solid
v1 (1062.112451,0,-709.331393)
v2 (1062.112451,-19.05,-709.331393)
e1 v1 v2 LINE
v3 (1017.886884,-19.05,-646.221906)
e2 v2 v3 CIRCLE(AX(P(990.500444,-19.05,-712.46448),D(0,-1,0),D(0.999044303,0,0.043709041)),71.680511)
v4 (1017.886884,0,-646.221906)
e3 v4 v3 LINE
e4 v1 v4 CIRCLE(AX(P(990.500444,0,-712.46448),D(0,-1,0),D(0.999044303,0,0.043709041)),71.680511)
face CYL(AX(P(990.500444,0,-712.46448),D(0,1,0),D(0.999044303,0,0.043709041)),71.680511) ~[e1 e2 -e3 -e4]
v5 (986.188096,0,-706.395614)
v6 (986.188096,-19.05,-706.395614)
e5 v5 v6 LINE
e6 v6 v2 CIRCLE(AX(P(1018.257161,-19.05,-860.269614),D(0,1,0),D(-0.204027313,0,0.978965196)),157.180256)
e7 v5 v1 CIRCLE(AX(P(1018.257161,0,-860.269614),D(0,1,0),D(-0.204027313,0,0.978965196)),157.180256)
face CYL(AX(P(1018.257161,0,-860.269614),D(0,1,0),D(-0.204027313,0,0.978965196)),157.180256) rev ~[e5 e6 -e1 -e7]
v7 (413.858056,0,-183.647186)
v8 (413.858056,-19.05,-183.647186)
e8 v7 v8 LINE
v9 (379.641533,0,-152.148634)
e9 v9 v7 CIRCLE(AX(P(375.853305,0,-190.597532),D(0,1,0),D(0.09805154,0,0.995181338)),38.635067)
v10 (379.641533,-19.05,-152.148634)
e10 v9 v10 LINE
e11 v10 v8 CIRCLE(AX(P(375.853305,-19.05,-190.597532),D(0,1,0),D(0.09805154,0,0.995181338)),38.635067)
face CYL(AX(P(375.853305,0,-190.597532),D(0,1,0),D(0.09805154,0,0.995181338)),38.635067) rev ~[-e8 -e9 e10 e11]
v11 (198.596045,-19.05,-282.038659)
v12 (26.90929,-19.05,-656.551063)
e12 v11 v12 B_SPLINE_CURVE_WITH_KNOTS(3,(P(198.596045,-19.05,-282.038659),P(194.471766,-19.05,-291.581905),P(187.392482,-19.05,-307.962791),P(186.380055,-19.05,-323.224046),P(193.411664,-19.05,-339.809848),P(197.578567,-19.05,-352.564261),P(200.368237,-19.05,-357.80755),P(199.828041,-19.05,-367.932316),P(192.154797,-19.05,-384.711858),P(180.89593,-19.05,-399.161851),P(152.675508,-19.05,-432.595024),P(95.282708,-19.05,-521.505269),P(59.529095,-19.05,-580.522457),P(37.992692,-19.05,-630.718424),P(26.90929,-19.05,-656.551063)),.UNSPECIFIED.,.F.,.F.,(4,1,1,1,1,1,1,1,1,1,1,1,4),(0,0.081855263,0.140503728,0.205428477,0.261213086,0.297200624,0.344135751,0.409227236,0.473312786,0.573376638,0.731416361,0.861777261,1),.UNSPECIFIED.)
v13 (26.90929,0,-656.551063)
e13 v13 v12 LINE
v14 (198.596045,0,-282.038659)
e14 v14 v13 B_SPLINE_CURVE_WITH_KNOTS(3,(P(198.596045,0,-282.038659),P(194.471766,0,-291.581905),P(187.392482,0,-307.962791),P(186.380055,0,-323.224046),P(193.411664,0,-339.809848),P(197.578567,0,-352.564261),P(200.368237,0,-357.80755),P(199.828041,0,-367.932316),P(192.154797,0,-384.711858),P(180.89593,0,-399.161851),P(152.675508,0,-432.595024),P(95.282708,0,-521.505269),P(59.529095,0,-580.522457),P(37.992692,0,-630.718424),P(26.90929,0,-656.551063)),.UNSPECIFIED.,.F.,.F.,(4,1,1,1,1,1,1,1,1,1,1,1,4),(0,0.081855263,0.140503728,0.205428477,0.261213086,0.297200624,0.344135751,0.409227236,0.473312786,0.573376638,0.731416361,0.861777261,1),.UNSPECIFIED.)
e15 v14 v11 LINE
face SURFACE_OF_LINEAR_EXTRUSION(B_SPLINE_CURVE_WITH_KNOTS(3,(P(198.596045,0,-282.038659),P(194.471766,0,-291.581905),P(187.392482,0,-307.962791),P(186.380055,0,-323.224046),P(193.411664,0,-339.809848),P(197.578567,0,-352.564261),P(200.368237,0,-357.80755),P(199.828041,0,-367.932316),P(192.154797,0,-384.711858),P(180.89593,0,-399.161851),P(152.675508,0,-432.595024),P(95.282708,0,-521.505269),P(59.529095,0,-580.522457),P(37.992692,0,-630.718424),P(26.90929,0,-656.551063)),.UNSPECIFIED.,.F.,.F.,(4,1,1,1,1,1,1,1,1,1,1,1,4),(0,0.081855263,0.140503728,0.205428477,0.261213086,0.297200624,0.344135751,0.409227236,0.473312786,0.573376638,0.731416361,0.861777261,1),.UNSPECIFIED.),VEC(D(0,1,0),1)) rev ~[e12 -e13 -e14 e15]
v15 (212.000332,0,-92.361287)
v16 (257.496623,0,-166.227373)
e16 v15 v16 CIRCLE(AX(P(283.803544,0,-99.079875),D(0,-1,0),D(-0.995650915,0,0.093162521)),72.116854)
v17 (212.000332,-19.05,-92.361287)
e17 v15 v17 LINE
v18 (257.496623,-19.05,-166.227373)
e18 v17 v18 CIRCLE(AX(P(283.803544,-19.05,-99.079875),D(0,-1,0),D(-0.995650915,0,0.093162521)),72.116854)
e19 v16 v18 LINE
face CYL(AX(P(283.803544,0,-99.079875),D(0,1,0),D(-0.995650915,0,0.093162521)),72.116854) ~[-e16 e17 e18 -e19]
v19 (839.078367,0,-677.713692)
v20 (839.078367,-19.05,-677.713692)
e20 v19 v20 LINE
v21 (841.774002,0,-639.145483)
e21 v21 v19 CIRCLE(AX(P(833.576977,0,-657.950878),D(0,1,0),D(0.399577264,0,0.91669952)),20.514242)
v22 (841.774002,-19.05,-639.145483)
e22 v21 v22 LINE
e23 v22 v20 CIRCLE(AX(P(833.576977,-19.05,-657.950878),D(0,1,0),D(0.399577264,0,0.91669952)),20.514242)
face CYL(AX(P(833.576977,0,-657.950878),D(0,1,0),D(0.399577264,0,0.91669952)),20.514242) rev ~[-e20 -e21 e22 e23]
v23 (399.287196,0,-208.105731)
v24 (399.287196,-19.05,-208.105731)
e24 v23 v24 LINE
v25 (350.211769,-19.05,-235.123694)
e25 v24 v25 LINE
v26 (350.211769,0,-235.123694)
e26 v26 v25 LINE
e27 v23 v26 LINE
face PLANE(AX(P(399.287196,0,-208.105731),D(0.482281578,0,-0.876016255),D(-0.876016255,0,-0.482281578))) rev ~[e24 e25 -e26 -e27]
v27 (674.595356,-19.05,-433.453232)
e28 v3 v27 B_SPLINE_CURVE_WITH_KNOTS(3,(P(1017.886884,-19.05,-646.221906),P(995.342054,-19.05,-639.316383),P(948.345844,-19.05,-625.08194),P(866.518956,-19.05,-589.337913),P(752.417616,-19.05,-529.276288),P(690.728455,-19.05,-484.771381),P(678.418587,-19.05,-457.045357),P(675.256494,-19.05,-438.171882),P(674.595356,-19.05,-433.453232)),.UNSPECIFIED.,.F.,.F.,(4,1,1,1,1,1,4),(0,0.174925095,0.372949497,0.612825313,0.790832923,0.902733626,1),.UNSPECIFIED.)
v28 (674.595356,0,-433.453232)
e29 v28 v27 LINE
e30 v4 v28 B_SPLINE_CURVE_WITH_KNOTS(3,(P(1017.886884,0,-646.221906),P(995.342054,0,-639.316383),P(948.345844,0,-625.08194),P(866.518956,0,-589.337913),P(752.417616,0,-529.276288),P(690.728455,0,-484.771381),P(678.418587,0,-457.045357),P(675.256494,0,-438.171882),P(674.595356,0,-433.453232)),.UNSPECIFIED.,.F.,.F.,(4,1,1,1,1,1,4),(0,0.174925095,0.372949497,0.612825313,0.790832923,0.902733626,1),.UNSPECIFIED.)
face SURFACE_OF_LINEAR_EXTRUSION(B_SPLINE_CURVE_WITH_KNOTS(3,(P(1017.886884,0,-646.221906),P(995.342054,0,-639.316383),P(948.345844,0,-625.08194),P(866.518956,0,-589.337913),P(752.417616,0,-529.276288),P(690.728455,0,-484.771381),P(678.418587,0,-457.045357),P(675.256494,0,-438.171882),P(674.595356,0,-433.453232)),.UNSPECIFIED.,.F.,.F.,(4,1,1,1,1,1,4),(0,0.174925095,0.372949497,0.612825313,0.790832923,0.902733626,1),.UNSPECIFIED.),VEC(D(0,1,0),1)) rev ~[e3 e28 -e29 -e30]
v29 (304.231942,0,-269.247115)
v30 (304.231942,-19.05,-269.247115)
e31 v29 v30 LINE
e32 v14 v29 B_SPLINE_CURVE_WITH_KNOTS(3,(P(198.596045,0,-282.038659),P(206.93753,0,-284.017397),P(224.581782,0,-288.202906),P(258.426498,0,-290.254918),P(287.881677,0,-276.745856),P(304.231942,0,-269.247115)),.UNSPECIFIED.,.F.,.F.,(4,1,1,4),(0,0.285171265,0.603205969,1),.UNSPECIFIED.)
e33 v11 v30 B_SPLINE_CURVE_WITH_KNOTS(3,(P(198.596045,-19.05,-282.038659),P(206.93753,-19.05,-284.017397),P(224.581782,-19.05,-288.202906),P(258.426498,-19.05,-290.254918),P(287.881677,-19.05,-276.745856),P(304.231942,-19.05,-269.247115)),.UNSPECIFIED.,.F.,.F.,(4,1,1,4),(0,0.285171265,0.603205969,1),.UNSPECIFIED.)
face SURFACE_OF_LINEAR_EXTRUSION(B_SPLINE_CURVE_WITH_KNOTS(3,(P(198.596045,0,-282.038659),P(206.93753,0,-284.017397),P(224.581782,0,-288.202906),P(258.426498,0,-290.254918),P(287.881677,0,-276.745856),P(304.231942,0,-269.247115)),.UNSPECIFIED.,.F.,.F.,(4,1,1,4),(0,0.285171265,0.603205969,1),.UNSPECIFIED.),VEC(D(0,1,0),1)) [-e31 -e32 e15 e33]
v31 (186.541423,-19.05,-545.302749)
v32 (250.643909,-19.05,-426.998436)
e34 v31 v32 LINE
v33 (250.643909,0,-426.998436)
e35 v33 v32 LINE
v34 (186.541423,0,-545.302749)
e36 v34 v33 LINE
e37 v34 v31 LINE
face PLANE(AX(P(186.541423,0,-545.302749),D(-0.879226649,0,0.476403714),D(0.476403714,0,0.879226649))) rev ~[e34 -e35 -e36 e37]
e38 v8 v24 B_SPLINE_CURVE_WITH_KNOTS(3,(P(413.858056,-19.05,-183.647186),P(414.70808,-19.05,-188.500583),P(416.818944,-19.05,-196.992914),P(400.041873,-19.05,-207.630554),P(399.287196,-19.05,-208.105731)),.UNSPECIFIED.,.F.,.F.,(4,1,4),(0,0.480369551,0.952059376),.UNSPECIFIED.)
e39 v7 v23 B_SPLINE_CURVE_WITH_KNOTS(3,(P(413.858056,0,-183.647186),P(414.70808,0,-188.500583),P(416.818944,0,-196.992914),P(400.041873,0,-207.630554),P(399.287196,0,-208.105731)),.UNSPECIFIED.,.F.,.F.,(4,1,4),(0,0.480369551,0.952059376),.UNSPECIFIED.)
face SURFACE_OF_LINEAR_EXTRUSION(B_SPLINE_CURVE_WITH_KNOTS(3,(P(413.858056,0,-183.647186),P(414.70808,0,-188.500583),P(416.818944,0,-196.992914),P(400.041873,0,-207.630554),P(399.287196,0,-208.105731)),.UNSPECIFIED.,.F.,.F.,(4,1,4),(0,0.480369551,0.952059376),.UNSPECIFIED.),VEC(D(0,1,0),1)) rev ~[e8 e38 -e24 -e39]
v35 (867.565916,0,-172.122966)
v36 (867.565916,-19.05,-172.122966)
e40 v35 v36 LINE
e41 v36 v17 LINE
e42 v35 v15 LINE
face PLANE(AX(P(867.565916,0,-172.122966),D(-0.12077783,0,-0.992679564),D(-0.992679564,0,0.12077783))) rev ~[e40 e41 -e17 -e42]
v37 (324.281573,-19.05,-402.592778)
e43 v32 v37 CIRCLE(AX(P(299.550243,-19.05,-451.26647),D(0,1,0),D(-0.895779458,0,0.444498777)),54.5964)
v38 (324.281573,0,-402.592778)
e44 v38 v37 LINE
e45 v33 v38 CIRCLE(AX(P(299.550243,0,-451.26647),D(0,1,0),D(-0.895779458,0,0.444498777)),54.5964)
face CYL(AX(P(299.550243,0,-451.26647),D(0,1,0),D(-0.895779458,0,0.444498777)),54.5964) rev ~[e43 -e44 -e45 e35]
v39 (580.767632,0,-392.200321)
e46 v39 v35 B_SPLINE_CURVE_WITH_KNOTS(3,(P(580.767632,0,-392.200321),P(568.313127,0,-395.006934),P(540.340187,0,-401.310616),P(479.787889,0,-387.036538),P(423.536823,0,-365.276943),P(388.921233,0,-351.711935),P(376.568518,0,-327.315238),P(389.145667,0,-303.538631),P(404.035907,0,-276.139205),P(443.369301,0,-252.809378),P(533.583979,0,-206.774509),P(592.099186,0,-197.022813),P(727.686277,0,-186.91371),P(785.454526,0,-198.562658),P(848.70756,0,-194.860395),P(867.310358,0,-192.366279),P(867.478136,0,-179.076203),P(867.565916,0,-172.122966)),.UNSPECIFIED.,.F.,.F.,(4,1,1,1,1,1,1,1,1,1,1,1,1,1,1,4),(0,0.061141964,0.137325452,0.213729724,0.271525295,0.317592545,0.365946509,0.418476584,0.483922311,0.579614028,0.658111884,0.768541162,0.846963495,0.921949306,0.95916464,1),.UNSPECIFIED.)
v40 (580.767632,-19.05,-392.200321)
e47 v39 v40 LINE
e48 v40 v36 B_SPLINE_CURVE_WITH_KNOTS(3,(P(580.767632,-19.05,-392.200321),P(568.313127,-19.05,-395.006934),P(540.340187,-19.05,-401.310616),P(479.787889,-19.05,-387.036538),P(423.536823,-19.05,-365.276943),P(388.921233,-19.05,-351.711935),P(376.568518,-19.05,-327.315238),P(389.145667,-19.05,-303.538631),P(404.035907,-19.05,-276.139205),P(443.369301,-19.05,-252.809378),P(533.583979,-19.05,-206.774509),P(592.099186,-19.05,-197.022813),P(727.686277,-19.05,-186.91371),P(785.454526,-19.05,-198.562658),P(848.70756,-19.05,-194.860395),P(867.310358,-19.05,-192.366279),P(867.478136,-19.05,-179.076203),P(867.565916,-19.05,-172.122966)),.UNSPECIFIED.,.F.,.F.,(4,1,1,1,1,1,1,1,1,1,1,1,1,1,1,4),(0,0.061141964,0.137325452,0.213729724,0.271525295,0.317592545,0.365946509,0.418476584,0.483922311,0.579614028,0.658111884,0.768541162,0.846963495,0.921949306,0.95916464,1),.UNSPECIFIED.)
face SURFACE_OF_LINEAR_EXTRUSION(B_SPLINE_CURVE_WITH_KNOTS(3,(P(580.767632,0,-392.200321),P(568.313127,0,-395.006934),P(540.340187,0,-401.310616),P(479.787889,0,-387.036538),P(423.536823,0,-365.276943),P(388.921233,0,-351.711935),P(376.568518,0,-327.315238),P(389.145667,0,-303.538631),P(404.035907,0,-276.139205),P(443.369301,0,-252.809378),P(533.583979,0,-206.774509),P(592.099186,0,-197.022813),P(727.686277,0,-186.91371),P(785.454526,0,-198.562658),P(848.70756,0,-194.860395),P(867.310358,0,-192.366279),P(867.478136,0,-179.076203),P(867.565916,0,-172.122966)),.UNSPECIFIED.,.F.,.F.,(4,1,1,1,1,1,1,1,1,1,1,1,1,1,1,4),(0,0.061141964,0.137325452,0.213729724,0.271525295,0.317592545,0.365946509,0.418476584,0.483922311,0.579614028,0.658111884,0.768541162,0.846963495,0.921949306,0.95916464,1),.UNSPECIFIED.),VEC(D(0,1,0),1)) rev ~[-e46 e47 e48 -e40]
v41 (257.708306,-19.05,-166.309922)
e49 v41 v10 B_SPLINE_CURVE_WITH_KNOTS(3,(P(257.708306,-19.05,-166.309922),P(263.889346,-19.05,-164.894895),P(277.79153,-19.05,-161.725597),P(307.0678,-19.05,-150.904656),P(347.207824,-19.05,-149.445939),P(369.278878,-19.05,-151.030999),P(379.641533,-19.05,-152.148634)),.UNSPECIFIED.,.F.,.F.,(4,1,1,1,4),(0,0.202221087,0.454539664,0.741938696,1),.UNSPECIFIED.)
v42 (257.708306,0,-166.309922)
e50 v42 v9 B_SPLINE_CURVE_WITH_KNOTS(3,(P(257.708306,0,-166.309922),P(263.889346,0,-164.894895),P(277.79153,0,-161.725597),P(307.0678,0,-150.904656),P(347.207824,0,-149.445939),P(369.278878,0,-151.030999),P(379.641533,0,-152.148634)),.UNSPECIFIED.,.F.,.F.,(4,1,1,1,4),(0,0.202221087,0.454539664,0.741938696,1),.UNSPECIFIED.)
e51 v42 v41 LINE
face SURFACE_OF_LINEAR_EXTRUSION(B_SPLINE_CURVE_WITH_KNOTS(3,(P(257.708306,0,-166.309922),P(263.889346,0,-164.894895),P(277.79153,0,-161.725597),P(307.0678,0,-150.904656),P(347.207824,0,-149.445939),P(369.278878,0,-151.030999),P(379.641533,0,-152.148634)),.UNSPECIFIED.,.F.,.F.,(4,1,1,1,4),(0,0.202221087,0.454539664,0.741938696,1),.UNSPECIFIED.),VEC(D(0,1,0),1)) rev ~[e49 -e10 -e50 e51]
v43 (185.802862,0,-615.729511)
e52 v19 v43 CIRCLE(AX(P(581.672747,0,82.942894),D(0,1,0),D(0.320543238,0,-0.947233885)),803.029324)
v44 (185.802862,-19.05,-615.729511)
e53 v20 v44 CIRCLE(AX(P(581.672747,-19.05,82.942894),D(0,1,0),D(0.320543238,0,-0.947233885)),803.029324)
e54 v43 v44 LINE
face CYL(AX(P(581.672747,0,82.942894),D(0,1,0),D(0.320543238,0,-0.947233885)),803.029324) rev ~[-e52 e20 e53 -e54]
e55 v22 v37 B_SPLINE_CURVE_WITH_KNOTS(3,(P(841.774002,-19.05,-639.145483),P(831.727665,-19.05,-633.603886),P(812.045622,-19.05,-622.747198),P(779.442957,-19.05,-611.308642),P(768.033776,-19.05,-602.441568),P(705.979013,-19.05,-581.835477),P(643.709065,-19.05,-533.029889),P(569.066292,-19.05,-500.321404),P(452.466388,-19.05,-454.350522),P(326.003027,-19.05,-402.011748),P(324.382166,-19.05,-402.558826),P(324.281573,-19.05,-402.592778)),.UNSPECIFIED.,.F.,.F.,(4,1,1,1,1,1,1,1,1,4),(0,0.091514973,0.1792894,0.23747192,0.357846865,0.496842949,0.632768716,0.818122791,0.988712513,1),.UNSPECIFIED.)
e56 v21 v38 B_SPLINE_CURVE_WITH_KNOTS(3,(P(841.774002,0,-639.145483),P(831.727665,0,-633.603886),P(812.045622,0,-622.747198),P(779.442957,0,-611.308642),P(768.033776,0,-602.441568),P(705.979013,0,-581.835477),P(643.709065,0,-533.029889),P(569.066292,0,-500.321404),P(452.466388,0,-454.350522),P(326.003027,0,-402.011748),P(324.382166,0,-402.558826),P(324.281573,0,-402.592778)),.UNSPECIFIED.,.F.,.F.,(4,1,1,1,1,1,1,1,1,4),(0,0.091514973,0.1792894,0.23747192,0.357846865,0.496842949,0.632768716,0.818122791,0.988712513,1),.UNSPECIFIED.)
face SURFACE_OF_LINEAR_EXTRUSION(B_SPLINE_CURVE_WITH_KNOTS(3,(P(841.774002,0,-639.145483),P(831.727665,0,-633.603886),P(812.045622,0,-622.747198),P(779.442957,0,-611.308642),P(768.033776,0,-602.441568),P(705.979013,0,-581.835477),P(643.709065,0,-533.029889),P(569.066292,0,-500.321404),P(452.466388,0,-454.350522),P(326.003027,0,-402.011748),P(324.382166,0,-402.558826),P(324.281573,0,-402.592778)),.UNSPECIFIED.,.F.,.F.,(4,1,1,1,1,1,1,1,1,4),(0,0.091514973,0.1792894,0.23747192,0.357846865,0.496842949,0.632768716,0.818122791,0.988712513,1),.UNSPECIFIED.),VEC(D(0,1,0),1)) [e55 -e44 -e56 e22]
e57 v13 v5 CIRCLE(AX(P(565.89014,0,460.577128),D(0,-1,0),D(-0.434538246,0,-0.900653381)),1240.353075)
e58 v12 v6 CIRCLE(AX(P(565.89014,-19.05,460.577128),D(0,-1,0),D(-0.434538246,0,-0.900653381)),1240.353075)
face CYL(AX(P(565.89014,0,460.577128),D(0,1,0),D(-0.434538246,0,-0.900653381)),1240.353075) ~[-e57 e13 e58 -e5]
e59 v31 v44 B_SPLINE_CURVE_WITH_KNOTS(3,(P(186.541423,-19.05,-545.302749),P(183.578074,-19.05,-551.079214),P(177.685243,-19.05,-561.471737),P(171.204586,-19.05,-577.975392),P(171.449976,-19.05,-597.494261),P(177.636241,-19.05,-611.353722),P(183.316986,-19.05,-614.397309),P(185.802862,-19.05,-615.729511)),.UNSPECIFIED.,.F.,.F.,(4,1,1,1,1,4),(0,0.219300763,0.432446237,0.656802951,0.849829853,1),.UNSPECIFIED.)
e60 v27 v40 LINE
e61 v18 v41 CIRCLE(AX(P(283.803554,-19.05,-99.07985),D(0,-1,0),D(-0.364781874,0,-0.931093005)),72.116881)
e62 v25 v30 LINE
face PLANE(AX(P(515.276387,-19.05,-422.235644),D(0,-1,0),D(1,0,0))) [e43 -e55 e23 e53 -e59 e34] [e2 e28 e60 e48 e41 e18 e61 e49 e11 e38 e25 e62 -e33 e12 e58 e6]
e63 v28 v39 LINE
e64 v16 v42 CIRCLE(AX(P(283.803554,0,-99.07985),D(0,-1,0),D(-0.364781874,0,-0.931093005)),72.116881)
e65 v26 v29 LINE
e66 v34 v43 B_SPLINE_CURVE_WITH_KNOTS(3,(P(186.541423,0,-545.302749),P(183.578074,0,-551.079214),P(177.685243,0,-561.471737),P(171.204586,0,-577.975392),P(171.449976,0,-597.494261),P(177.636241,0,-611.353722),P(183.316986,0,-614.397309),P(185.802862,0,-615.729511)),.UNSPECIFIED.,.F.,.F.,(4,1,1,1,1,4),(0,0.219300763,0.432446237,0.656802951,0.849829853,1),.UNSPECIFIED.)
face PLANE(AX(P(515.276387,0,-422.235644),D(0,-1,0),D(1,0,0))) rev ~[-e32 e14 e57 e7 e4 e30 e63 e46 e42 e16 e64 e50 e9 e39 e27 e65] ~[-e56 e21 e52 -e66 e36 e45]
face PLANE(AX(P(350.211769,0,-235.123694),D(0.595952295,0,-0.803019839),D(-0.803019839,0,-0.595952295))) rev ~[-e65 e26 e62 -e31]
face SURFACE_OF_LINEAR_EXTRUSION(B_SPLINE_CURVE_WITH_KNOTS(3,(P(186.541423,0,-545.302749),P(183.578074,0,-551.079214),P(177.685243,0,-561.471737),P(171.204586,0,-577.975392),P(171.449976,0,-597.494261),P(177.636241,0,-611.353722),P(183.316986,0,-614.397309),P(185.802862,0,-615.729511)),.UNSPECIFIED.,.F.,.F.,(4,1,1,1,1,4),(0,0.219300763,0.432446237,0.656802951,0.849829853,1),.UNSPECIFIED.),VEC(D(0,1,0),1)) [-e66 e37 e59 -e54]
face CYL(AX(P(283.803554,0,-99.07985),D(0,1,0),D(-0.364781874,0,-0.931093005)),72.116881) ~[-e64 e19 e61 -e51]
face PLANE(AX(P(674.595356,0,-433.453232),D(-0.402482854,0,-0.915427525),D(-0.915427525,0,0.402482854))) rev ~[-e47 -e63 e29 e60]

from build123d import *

# Parameters (mm, degrees)
F1_DEPTH = 19.05


with BuildPart() as f1:
    # F0 (on Front) → F1 (new body)
    with BuildSketch(Plane.XZ):
        with BuildLine():
            Line((867.5659157546, -172.122965693), (212.0003320067, -92.3612868911))
            ThreePointArc((212.0003320067, -92.3612868911), (222.3995600066, -136.900390805), (257.4966226914, -166.227373455))
            ThreePointArc((257.4966226914, -166.227373455), (257.602431606, -166.2687309718), (257.708305539, -166.3099217584))
            add(Edge.make_bspline(
                [(257.708305539, -166.3099217584), (263.889345526, -164.8948953713), (277.7915303668, -161.7255969098), (307.0677995636, -150.904656266), (347.207823828, -149.4459392206), (369.2788783367, -151.0309993859), (379.6415328979, -152.1486341953)],
                knots=[0, 0, 0, 0, 0.2022210868, 0.4545396641, 0.741938696, 1, 1, 1, 1], degree=3))
            ThreePointArc((379.6415328979, -152.1486341953), (402.0201343478, -162.1727987791), (413.8580560684, -183.647185564))
            add(Edge.make_bspline(
                [(413.8580560684, -183.647185564), (414.7080795672, -188.5005828152), (416.8189444046, -196.9929141067), (400.041872534, -207.6305537785), (399.2871964693, -208.1057313248)],
                knots=[0, 0, 0, 0, 0.4803695507, 0.9520593762, 0.9520593762, 0.9520593762, 0.9520593762], degree=3))
            Line((399.2871964693, -208.1057313248), (350.2117693424, -235.123693943))
            Line((350.2117693424, -235.123693943), (304.2319417, -269.2471146584))
            add(Edge.make_bspline(
                [(198.5960453749, -282.0386588573), (206.9375302389, -284.0173973421), (224.5817815009, -288.2029062265), (258.4264981325, -290.2549184985), (287.8816768746, -276.7458556252), (304.2319417, -269.2471146584)],
                knots=[0, 0, 0, 0, 0.2851712653, 0.6032059686, 1, 1, 1, 1], degree=3))
            add(Edge.make_bspline(
                [(198.5960453749, -282.0386588573), (194.4717659318, -291.5819054587), (187.3924821162, -307.9627914157), (186.3800554609, -323.2240457084), (193.4116640017, -339.809847974), (197.5785673783, -352.5642611033), (200.3682372519, -357.807549705), (199.8280405456, -367.9323155899), (192.1547973637, -384.7118577115), (180.8959301935, -399.1618511463), (152.675508108, -432.595024407), (95.2827079234, -521.5052692323), (59.5290947961, -580.5224571958), (37.992692276, -630.7184244384), (26.9092898816, -656.5510630608)],
                knots=[0, 0, 0, 0, 0.0818552626, 0.1405037276, 0.2054284774, 0.2612130859, 0.2972006237, 0.3441357512, 0.4092272357, 0.4733127858, 0.5733766376, 0.7314163611, 0.8617772609, 1, 1, 1, 1], degree=3))
            ThreePointArc((26.9092898816, -656.5510630608), (501.5276729796, -778.1049235201), (986.1880958133, -706.3956137637))
            ThreePointArc((986.1880958133, -706.3956137637), (1024.3303374184, -703.2067303324), (1062.1124505997, -709.3313932419))
            ThreePointArc((1062.1124505997, -709.3313932419), (1049.2020193975, -671.3278687352), (1017.8868836687, -646.221905638))
            add(Edge.make_bspline(
                [(1017.8868836687, -646.221905638), (995.3420538582, -639.3163833185), (948.3458439348, -625.0819400487), (866.518956337, -589.3379132931), (752.4176156883, -529.2762880485), (690.7284551151, -484.7713812791), (678.4185873886, -457.0453569229), (675.2564942955, -438.171881589), (674.5953559875, -433.4532320499)],
                knots=[0, 0, 0, 0, 0.1749250946, 0.3729494968, 0.6128253133, 0.7908329232, 0.9027336265, 1, 1, 1, 1], degree=3))
            Line((674.5953559875, -433.4532320499), (580.7676315308, -392.2003209591))
            add(Edge.make_bspline(
                [(580.7676315308, -392.2003209591), (568.3131269023, -395.0069343639), (540.3401870527, -401.3106156659), (479.787889309, -387.0365375287), (423.536823473, -365.2769434616), (388.9212328755, -351.7119347262), (376.5685175476, -327.3152378778), (389.1456668372, -303.5386307325), (404.0359068477, -276.1392045088), (443.3693011665, -252.8093775073), (533.5839793513, -206.7745091545), (592.0991855908, -197.0228126553), (727.6862766964, -186.913709722), (785.4545261176, -198.5626579604), (848.7075600791, -194.8603952462), (867.3103577202, -192.3662792293), (867.4781358683, -179.0762033947), (867.5659157546, -172.122965693)],
                knots=[0, 0, 0, 0, 0.0611419639, 0.1373254521, 0.213729724, 0.2715252946, 0.3175925445, 0.3659465091, 0.4184765838, 0.4839223111, 0.5796140283, 0.6581118836, 0.7685411621, 0.8469634947, 0.9219493061, 0.9591646403, 1, 1, 1, 1], degree=3))
        make_face()
        with BuildLine():
            ThreePointArc((839.0783667564, -677.7136921883), (505.8202726261, -716.495969998), (185.8028620481, -615.7295107841))
            add(Edge.make_bspline(
                [(186.5414232016, -545.3027486801), (183.5780739784, -551.0792136192), (177.6852428134, -561.4717369283), (171.2045857372, -577.9753918708), (171.4499764975, -597.4942605113), (177.6362405716, -611.3537221573), (183.3169861353, -614.3973092654), (185.8028620481, -615.7295107841)],
                knots=[0, 0, 0, 0, 0.2193007631, 0.4324462375, 0.6568029507, 0.8498298528, 1, 1, 1, 1], degree=3))
            Line((186.5414232016, -545.3027486801), (250.6439089775, -426.998436451))
            ThreePointArc((250.6439089775, -426.998436451), (282.3741916439, -399.4422455939), (324.2815732956, -402.5927782059))
            add(Edge.make_bspline(
                [(841.7740017562, -639.1454827809), (831.7276650817, -633.6038863452), (812.0456216395, -622.7471984478), (779.4429566587, -611.3086416584), (768.0337755722, -602.4415683387), (705.9790128335, -581.8354768023), (643.7090647166, -533.0298888973), (569.0662921341, -500.3214043621), (452.4663875428, -454.3505221704), (326.0030267701, -402.0117479354), (324.3821656104, -402.5588259784), (324.2815732956, -402.5927782059)],
                knots=[0, 0, 0, 0, 0.0915149729, 0.1792893998, 0.23747192, 0.357846865, 0.4968429487, 0.6327687162, 0.8181227909, 0.9887125129, 1, 1, 1, 1], degree=3))
            ThreePointArc((841.7740017562, -639.1454827809), (854.0412957317, -659.3811839311), (839.0783667564, -677.7136921883))
        make_face(mode=Mode.SUBTRACT)
        with BuildLine():
            add(Edge.make_bspline(
                [(399.2871964693, -208.1057313248), (399.2104942821, -208.1540264263), (399.2118587905, -208.1527882921), (399.3040919304, -208.0964297056)],
                knots=[0.9520593762, 0.9520593762, 0.9520593762, 0.9520593762, 1, 1, 1, 1], degree=3))
            Line((399.2871964693, -208.1057313248), (399.3040919304, -208.0964297056))
        make_face(mode=Mode.SUBTRACT)
        with BuildLine():
            Line((399.3040919304, -208.0964297056), (399.2871964693, -208.1057313248))
            add(Edge.make_bspline(
                [(399.2871964693, -208.1057313248), (399.2104942821, -208.1540264263), (399.2118587905, -208.1527882921), (399.3040919304, -208.0964297056)],
                knots=[0.9520593762, 0.9520593762, 0.9520593762, 0.9520593762, 1, 1, 1, 1], degree=3))
        make_face()
    extrude(amount=F1_DEPTH)


solid = f1.part
